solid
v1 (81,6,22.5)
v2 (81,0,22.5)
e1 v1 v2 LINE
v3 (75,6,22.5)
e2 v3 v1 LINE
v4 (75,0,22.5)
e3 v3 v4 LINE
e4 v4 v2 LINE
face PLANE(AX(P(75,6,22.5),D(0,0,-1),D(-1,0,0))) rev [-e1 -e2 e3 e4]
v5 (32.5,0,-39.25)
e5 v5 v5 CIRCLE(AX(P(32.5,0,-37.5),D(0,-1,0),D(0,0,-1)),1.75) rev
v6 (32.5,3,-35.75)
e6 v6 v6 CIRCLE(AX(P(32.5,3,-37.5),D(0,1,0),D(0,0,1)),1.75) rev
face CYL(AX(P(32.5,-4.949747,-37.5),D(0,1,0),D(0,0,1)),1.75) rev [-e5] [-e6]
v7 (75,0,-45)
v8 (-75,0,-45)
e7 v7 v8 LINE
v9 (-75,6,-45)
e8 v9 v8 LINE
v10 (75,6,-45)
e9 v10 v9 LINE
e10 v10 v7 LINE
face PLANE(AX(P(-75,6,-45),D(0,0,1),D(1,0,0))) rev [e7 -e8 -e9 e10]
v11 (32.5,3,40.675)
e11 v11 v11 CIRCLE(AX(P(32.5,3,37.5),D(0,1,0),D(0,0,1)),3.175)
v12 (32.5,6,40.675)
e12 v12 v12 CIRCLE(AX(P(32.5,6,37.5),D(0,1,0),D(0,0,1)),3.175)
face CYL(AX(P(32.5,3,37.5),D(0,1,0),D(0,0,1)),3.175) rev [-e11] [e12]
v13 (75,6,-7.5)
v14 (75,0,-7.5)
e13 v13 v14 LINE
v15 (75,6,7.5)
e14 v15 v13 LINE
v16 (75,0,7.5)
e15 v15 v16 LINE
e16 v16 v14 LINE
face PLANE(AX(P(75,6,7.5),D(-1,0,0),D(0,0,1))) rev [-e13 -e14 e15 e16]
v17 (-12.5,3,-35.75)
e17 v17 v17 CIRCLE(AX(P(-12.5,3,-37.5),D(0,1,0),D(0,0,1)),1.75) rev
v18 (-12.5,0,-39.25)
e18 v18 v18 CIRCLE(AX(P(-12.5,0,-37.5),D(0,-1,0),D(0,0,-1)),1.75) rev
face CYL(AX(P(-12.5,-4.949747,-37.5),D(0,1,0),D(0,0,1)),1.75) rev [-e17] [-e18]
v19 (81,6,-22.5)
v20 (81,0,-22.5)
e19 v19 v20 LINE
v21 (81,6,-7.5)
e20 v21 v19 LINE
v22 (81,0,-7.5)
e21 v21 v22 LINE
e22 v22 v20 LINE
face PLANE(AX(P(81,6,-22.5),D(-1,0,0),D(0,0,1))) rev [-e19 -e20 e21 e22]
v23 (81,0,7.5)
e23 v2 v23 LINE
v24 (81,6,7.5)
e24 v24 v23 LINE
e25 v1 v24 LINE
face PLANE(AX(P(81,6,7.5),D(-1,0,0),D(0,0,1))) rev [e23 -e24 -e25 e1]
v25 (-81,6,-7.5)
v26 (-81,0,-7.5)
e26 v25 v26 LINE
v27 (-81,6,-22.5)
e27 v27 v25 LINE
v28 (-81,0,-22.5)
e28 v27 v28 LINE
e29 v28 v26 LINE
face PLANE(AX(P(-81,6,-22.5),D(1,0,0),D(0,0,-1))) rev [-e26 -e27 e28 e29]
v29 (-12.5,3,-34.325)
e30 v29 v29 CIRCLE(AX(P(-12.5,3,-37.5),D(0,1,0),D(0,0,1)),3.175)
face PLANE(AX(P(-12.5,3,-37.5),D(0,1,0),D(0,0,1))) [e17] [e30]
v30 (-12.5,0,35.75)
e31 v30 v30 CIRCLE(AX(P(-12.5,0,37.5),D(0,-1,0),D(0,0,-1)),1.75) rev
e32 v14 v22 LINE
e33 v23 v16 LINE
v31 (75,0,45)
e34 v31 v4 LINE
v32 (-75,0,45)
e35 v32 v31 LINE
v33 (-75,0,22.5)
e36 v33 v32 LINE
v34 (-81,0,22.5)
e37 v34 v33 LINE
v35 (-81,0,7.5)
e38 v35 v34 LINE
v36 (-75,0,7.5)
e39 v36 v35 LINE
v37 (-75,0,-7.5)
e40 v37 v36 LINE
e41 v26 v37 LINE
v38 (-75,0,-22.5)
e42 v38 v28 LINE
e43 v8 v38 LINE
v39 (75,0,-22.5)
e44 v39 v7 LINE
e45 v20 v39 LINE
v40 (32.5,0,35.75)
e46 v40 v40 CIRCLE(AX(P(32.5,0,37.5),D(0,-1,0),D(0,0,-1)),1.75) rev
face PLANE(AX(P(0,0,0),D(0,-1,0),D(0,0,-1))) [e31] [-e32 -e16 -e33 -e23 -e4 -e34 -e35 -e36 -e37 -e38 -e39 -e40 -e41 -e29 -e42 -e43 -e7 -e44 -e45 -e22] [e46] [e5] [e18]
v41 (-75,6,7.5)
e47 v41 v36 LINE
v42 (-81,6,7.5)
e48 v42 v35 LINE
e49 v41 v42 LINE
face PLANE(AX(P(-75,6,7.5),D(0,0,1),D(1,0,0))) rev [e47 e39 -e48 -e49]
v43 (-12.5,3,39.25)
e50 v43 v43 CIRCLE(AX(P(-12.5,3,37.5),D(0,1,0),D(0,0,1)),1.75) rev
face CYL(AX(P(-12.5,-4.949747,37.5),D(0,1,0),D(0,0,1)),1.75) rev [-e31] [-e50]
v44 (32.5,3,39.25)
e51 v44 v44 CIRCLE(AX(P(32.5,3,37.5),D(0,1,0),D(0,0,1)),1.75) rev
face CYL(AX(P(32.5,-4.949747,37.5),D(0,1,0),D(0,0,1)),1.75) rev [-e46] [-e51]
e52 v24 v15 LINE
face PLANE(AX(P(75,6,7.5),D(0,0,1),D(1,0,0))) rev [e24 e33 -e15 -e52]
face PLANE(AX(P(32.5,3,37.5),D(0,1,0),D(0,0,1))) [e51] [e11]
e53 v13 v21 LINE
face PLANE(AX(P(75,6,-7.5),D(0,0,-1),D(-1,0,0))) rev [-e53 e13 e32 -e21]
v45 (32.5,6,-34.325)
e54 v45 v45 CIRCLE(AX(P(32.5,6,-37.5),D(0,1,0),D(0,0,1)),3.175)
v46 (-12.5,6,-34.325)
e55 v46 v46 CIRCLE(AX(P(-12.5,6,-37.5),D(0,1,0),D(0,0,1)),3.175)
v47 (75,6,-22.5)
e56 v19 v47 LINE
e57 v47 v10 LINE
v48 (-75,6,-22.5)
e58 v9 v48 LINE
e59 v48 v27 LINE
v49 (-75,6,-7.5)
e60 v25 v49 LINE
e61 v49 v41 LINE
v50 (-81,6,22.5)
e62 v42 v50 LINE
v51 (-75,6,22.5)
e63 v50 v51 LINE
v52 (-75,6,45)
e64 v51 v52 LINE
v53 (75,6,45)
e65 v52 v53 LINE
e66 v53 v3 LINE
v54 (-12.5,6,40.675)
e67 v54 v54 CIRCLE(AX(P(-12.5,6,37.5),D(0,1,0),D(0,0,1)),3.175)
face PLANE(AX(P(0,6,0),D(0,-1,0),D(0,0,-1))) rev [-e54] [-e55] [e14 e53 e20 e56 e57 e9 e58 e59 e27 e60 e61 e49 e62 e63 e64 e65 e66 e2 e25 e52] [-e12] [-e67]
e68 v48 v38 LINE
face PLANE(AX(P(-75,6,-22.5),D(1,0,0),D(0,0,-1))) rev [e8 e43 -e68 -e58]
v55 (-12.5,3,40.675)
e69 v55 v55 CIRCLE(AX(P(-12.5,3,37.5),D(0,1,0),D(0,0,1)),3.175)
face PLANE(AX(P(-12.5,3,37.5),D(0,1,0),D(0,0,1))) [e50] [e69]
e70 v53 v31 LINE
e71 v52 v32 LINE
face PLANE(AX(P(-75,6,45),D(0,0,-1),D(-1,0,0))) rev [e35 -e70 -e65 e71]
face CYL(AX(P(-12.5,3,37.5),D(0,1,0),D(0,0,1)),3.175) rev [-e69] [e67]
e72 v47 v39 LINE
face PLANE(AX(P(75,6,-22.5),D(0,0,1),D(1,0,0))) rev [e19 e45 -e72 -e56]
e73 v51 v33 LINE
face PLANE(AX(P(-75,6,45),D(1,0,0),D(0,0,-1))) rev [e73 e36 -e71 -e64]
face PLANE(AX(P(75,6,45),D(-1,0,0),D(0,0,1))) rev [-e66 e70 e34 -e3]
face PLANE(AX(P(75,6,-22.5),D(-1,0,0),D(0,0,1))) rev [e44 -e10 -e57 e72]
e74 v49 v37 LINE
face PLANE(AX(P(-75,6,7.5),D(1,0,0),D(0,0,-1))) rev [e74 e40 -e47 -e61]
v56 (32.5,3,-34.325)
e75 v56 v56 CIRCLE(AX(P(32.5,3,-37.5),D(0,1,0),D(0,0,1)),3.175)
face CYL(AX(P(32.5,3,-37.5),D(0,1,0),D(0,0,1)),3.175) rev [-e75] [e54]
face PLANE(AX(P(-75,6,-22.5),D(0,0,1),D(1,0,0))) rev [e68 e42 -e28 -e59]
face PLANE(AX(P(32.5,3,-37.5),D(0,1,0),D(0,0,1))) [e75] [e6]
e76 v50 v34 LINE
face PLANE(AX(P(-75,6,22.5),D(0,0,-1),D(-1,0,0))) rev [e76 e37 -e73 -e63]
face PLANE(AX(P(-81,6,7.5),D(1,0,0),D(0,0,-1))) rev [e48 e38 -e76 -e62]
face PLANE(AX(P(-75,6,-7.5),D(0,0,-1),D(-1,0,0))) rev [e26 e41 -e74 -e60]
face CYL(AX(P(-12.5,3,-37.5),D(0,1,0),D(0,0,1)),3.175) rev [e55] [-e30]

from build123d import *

# Parameters (mm, degrees)
BOSS_EXTRUDE1_DEPTH = 6
SKETCH2_R           = 1.75
CUT_EXTRUDE1_DEPTH  = 6
SKETCH3_R           = 3.175
CUT_EXTRUDE2_DEPTH  = 3


with BuildPart() as part:
    # Sketch1 → Boss-Extrude1 (new body)
    with BuildSketch(Plane(origin=(0, 0, 0), x_dir=(1, 0, 0), z_dir=(0, 1, 0))):
        Polygon((-75, -45), (75, -45), (75, -22.5), (81, -22.5), (81, -7.5), (75, -7.5), (75, 7.5), (81, 7.5), (81, 22.5), (75, 22.5), (75, 45), (-75, 45), (-75, 22.5), (-81, 22.5), (-81, 7.5), (-75, 7.5), (-75, -7.5), (-81, -7.5), (-81, -22.5), (-75, -22.5), align=None)
    extrude(amount=BOSS_EXTRUDE1_DEPTH)

    # Sketch2 → Cut-Extrude1 (cut)
    with BuildSketch(Plane(origin=(0, 6, 0), x_dir=(1, 0, 0), z_dir=(0, 1, 0))):
        with Locations(Location((32.5, 37.5, 0), (0, 0, 270))):
            Circle(SKETCH2_R)
        with Locations(Location((32.5, -37.5, 0), (0, 0, 270))):
            Circle(SKETCH2_R)
        with Locations(Location((-12.5, 37.5, 0), (0, 0, 270))):
            Circle(SKETCH2_R)
        with Locations(Location((-12.5, -37.5, 0), (0, 0, 270))):
            Circle(SKETCH2_R)
    extrude(amount=-CUT_EXTRUDE1_DEPTH, mode=Mode.SUBTRACT)

    # Sketch3 → Cut-Extrude2 (cut)
    with BuildSketch(Plane(origin=(0, 6, 0), x_dir=(1, 0, 0), z_dir=(0, 1, 0))):
        with Locations(Location((-12.5, 37.5, 0), (0, 0, 270))):
            Circle(SKETCH3_R)
        with Locations(Location((32.5, 37.5, 0), (0, 0, 270))):
            Circle(SKETCH3_R)
        with Locations(Location((32.5, -37.5, 0), (0, 0, 270))):
            Circle(SKETCH3_R)
        with Locations(Location((-12.5, -37.5, 0), (0, 0, 270))):
            Circle(SKETCH3_R)
    extrude(amount=-CUT_EXTRUDE2_DEPTH, mode=Mode.SUBTRACT)


solid = part.part
